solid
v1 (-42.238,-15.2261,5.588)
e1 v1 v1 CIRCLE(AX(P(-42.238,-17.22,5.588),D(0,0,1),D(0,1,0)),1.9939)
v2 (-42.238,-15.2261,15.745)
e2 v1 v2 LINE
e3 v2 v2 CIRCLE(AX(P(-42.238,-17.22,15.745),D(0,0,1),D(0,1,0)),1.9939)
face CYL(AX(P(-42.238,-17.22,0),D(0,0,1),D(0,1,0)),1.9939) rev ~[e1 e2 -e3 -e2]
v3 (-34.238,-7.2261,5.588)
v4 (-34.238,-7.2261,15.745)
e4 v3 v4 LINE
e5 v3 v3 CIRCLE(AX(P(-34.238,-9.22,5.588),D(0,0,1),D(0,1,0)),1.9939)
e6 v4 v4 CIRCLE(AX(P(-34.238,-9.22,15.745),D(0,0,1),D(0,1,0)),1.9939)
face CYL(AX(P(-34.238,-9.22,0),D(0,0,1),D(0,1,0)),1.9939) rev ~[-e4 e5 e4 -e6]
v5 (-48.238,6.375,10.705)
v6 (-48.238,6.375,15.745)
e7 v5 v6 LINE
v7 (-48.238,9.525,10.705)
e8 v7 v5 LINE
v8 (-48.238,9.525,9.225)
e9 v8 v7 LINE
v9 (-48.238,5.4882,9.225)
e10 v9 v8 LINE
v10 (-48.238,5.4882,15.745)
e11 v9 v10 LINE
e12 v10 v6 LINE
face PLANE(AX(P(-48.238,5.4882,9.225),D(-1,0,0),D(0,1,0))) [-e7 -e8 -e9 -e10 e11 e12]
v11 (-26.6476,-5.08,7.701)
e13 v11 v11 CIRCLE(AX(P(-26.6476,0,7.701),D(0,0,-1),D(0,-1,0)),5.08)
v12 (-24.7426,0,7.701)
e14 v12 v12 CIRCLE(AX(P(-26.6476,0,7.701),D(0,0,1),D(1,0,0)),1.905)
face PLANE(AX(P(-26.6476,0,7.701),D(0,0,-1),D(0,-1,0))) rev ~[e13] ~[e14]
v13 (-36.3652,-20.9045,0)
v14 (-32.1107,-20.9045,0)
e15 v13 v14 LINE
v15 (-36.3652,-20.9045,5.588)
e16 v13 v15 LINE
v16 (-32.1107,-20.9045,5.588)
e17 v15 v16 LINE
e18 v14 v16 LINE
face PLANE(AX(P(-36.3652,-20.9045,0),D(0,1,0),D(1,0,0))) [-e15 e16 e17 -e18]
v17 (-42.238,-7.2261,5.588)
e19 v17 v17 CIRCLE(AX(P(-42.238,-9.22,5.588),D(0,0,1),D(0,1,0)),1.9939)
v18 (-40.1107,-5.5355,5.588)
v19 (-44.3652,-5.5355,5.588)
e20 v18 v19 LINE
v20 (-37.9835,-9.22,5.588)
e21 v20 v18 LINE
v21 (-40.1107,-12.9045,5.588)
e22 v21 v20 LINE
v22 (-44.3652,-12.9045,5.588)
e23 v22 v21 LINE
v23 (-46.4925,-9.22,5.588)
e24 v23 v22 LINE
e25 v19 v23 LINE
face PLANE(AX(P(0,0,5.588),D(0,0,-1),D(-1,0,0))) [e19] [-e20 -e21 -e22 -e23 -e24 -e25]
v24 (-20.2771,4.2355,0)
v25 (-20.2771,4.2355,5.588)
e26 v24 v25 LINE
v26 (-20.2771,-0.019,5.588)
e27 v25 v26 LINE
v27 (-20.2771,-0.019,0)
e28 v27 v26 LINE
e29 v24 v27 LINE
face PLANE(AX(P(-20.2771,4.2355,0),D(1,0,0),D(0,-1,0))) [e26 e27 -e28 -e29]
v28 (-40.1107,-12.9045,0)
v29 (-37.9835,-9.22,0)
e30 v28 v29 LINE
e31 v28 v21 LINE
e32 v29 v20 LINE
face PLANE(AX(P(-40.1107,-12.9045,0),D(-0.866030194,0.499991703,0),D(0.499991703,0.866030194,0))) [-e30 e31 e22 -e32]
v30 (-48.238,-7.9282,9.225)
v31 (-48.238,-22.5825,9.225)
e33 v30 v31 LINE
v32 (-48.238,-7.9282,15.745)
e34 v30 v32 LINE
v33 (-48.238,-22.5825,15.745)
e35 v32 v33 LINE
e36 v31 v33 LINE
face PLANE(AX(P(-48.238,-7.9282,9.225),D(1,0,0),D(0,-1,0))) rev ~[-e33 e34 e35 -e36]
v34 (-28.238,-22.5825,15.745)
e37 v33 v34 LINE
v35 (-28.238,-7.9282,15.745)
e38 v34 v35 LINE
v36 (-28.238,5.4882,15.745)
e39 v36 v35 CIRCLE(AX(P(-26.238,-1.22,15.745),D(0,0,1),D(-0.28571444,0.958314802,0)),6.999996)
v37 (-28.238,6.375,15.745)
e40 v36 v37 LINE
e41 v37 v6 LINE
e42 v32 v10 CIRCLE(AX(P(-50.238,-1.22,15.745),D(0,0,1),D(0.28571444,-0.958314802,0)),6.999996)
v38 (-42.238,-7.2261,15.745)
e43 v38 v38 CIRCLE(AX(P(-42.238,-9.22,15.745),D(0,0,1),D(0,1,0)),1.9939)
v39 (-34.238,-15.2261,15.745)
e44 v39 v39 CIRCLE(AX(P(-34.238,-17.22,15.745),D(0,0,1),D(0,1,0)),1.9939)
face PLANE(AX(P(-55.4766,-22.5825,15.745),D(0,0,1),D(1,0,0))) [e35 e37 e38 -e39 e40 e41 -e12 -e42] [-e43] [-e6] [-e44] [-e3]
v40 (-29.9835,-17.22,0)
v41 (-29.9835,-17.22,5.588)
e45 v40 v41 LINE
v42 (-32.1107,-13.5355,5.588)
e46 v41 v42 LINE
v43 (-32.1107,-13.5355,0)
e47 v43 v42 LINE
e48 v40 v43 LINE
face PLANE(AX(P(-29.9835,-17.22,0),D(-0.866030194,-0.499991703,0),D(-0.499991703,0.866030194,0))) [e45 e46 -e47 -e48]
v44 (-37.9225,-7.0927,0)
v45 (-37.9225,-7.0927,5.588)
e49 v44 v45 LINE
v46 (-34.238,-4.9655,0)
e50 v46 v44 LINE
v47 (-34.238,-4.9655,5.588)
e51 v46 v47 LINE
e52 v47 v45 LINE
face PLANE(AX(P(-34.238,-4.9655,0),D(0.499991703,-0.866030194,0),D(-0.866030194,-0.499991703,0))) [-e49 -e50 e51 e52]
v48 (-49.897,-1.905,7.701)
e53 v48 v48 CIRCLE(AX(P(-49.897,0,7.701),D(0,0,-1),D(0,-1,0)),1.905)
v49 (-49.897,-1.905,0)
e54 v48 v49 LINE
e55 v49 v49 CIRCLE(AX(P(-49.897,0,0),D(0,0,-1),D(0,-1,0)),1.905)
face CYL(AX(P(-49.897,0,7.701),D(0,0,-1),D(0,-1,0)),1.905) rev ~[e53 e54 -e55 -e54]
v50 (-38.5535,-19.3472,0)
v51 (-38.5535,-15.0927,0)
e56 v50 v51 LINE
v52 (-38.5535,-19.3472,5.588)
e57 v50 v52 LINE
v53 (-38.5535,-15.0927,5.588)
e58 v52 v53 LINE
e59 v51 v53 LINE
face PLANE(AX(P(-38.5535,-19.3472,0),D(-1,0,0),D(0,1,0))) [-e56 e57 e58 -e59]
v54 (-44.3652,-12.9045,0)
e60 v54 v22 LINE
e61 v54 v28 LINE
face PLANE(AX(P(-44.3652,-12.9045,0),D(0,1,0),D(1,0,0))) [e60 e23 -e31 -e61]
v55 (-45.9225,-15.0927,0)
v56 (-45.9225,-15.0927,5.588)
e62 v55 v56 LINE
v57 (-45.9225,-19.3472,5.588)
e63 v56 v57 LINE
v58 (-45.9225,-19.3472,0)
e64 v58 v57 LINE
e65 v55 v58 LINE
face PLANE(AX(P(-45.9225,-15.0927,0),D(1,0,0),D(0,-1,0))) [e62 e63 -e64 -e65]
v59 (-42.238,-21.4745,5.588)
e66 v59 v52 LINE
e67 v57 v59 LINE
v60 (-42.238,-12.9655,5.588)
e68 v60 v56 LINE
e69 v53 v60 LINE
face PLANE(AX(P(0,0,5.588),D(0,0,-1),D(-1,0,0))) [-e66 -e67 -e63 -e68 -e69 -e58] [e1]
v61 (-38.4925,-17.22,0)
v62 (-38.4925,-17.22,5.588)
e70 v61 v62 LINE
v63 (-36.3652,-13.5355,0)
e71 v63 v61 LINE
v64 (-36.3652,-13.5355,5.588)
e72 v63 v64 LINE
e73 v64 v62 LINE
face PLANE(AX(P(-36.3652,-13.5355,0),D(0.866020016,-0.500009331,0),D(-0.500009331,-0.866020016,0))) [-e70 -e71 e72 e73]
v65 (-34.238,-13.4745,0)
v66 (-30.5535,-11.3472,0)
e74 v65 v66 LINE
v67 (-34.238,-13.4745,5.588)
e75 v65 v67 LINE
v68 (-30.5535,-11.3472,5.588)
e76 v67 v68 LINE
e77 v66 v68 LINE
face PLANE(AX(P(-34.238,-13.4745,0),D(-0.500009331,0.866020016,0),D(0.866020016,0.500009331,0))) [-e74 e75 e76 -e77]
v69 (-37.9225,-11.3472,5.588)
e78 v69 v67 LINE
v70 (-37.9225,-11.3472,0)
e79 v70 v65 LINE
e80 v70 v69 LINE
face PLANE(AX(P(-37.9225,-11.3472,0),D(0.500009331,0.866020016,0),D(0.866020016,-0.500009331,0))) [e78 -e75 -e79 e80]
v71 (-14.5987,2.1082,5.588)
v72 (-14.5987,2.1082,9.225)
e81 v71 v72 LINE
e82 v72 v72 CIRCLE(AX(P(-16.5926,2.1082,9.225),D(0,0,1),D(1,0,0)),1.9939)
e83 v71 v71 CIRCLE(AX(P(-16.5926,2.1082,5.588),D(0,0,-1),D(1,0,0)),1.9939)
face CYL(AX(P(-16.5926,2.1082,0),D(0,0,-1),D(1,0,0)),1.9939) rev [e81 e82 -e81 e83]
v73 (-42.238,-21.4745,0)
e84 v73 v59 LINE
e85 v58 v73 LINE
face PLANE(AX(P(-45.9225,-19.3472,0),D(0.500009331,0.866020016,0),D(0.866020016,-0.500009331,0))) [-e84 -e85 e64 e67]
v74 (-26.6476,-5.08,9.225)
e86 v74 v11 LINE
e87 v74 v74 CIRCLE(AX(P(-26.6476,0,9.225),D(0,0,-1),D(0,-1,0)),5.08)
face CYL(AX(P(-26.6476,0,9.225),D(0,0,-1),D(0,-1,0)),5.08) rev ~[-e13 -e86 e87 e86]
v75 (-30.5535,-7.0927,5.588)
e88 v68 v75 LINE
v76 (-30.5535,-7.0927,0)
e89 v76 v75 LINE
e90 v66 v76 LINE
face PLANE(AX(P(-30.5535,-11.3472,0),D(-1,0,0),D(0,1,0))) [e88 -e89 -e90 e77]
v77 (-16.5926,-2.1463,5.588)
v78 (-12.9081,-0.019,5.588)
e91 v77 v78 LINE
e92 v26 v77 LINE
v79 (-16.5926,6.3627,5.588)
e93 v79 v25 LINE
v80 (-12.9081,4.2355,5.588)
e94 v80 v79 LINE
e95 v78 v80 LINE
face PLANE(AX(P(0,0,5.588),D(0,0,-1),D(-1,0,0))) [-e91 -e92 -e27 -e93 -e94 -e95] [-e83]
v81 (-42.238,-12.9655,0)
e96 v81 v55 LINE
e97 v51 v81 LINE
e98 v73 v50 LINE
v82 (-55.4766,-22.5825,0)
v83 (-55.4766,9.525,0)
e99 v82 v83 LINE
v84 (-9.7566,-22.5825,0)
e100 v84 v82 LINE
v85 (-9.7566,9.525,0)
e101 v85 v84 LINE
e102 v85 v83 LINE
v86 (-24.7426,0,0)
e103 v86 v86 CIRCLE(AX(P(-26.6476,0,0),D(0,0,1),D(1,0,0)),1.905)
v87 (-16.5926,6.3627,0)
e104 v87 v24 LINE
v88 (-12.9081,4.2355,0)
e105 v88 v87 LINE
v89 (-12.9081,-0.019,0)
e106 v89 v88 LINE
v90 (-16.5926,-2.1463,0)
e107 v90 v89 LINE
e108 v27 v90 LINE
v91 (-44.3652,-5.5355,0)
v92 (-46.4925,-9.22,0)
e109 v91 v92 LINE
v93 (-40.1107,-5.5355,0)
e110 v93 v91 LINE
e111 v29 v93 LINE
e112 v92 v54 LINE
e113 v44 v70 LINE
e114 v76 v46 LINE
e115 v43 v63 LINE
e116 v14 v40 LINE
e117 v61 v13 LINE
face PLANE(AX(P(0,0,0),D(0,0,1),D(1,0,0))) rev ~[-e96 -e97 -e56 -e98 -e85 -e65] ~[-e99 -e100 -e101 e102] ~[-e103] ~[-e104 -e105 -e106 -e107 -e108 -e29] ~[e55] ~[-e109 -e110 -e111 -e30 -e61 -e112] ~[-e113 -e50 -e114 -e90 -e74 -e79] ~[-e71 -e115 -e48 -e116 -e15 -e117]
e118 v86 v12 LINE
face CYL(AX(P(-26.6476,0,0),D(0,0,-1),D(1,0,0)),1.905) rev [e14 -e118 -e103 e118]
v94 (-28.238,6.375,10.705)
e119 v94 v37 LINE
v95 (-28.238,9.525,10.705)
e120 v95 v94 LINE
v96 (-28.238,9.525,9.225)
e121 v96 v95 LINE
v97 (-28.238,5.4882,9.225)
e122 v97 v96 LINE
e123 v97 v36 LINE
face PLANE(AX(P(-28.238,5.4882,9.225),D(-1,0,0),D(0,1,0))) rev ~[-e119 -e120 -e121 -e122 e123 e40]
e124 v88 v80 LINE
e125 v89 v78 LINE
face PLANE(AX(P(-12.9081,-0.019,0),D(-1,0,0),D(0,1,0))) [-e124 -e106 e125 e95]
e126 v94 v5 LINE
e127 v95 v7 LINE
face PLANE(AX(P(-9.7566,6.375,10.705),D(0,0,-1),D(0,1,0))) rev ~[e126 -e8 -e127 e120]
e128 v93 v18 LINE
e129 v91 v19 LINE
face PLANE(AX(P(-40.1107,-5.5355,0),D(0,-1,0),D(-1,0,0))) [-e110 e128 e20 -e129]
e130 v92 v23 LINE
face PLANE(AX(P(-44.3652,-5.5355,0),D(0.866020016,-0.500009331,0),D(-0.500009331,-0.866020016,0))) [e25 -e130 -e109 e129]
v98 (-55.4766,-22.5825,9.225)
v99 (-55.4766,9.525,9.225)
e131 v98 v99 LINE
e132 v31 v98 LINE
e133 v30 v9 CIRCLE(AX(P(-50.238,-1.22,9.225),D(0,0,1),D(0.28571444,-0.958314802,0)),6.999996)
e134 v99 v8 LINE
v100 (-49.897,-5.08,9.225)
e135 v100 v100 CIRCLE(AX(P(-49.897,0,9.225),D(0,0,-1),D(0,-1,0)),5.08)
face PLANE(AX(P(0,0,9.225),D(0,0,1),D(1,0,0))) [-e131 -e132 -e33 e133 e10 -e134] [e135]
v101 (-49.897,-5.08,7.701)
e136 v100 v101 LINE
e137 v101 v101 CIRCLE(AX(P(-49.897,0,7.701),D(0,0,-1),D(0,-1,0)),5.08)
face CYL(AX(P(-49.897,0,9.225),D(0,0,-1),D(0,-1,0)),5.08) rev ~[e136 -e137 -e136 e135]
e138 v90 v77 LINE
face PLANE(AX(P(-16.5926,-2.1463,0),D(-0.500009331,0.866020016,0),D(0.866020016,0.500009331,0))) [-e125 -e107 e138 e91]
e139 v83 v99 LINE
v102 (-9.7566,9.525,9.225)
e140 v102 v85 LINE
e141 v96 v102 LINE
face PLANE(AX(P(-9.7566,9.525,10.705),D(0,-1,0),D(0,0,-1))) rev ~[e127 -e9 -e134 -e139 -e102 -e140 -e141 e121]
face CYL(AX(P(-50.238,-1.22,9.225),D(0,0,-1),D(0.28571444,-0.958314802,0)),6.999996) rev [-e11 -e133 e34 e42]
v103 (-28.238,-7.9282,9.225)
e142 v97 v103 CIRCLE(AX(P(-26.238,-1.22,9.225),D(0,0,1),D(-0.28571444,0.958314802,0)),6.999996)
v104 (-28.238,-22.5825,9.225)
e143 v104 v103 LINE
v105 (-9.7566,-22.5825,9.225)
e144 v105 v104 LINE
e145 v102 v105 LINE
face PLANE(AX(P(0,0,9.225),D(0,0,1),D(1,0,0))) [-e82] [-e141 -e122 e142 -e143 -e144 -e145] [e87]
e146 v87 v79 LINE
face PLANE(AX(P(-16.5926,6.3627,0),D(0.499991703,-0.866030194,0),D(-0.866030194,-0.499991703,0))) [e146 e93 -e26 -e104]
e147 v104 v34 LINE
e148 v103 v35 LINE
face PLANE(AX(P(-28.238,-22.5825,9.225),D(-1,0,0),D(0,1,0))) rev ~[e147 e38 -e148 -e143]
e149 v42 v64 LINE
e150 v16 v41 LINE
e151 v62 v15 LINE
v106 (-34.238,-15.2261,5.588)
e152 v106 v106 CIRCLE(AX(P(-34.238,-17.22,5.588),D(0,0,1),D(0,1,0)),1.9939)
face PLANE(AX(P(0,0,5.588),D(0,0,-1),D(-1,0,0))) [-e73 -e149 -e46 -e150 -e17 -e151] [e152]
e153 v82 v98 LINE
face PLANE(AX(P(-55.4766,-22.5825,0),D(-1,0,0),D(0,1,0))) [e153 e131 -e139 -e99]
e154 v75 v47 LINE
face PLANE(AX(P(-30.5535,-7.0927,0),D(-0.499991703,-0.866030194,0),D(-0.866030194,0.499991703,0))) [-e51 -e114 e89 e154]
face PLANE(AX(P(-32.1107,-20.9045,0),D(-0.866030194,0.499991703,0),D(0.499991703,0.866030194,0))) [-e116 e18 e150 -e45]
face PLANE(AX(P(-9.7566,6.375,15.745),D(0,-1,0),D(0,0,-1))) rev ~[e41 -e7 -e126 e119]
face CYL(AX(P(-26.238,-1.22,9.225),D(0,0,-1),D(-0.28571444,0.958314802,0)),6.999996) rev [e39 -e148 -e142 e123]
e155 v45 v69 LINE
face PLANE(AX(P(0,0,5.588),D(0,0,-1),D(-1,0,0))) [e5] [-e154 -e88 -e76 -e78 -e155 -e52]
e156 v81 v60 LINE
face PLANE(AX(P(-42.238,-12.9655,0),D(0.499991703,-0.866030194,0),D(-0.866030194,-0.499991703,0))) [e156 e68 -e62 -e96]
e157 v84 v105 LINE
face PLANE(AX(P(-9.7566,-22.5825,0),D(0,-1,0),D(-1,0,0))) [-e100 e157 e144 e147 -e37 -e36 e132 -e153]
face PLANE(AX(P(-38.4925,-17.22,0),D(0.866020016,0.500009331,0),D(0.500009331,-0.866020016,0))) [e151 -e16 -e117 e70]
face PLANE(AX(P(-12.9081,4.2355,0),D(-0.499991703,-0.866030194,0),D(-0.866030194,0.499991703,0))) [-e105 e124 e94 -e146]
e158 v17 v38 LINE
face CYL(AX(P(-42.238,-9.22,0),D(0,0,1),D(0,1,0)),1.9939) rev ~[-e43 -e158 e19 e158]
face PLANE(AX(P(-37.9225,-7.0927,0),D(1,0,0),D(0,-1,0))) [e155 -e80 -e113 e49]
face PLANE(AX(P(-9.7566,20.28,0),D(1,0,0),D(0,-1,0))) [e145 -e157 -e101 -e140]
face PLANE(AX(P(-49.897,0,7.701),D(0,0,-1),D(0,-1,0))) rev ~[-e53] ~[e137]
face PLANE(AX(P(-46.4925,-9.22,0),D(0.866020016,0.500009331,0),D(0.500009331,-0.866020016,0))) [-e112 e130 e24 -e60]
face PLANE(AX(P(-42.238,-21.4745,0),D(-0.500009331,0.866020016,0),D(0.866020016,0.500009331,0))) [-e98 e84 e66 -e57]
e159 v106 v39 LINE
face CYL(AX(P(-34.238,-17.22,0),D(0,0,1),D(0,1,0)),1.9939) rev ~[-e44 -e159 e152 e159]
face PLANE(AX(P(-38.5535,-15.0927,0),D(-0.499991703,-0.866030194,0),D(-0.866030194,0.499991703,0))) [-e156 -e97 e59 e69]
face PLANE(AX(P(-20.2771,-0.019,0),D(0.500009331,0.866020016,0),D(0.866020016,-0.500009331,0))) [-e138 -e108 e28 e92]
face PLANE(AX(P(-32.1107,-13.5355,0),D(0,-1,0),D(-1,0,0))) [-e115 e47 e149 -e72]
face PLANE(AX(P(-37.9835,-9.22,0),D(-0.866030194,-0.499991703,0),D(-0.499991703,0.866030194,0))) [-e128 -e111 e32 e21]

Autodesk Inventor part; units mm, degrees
ref_plane "Work Plane5" through (0, 0, 0) normal (0, 0, 1) x (1, 0, 0)
sketch "Sketch1" plane through (0, 0, 0) normal (0, 0, 1) x (1, 0, 0)
  line L0 (-46.1271, -22.5825) -> (-26.1271, -22.5825) construction
  line L1 (-9.7566, 12.6962) -> (-9.7566, -12.6962) construction
  line L2 (-26.1271, 20.28) -> (-46.1271, 20.28) construction
  circle A0 centre (-49.897, 0) radius 1.778
  arc A1 (-26.7903, 1.7468) -> (-25.506, 1.3298) centre (-26.6476, 0) ccw construction
  circle A2 centre (-49.897, 0) radius 1.905
  circle A3 centre (-26.6476, 0) radius 1.905
  line L3 (-52.9366, 6.2882) -> (-52.9366, -15.9368)
  line L4 (-55.4766, 6.2882) -> (-55.4766, -15.9368) construction
  line L5 (-9.7566, -22.5825) -> (-55.4766, -22.5825)
  line L6 (-55.4766, -22.5825) -> (-55.4766, 20.28)
  line L7 (-55.4766, 20.28) -> (-9.7566, 20.28)
  line L8 (-9.7566, 20.28) -> (-9.7566, -22.5825)
  circle A4 centre (-16.5926, 2.1082) radius 2.15 construction
  circle A5 centre (-16.5926, 2.1082) radius 1.9939
  point P0 (0, 0)
  dimension "d0" = 3.81
  dimension "d1" = 3.81
  dimension "d2" = 2.54
  dimension "d3" = 3.9878
ref_plane "Work Plane2" through (-20.9694, -2.2685, 9.225) normal (0, 0, -1) x (0.1078, 0.9942, 0)
extrude "Extrusion1" add sketch "Sketch1" along normal up to surface (9.225 mm away) contours A2 | L5 L6 L7 L8
ref_plane "Work Plane3" through (-49.3551, -24.0887, 15.745) normal (0, 0, -1) x (0, 1, 0)
ref_plane "Work Plane7" through (-55.4766, -22.5825, 9.225) normal (0, 0, 1) x (1, 0, 0)
sketch "Sketch3" plane through (-55.4766, -22.5825, 9.225) normal (0, 0, 1) x (1, 0, 0)
  line L0 (27.2386, 42.8625) -> (7.2386, 42.8625) projected
  arc A0 (27.2386, 28.0707) -> (27.2386, 14.6543) centre (29.2386, 21.3625) ccw projected
  line L1 (27.2386, 0) -> (27.2386, 14.6543) projected
  line L2 (7.2386, 14.6543) -> (7.2386, 0) projected
  line L3 (7.2386, 0) -> (27.2386, 0) projected
  arc A1 (7.2386, 14.6543) -> (7.2386, 28.0707) centre (5.2386, 21.3625) ccw projected
  line L4 (7.2386, 28.0707) -> (7.2386, 42.8625)
  line L5 (0, 42.8625) -> (45.72, 42.8625) projected
  line L6 (27.2386, 28.0707) -> (27.2386, 42.8625)
  point P0 (55.4766, 22.5825)
ref_plane "Work Plane4" through (-51.466, -24.0887, 15.745) normal (0, 0, -1) x (0, 1, 0)
extrude "Extrusion3" add sketch "Sketch3" along normal up to surface (6.52 mm away)
ref_plane "Work Plane9" through (-55.4766, -22.5825, 9.225) normal (0, 0, 1) x (1, 0, 0)
sketch "Sketch4" plane through (-55.4766, -22.5825, 9.225) normal (0, 0, 1) x (1, 0, 0)
  circle A0 centre (5.5796, 22.5825) radius 1.778 projected
  circle A1 centre (5.5796, 22.5825) radius 1.905
  line L0 (7.2386, 28.0707) -> (7.2386, 42.8625) projected
  line L1 (7.2386, 42.8625) -> (0, 42.8625) projected
  line L2 (0, 42.8625) -> (0, 0) projected
  line L3 (0, 0) -> (7.2386, 0) projected
  line L4 (7.2386, 0) -> (7.2386, 14.6543) projected
  arc A2 (7.2386, 14.6543) -> (7.2386, 28.0707) centre (5.2386, 21.3625) ccw projected
  circle A3 centre (5.5796, 22.5825) radius 1.778 projected
  circle A4 centre (28.829, 22.5825) radius 1.9812 projected
  point P0 (55.4766, 22.5825)
  dimension "d18" = 3.81
hole "Hole1" at (-49.897, 0, 9.225) at (-26.6476, 0, 9.225) direction (0, 0, -1) diameter 3.81 end through all counterbore diameter 10.16 counterbore depth 1.524
ref_plane "Work Plane8" through (-9.7566, -22.5825, 0) normal (1, 0, 0) x (0, 0, -1)
sketch "Sketch6" plane through (-9.7566, -22.5825, 0) normal (1, 0, 0) x (0, 0, -1)
  line L0 (-11.975, 30.2275) -> (-14.475, 30.2275) construction
  line L1 (-11.975, 39.7275) -> (-11.975, 30.2275) construction
  line L2 (31.025, 39.7275) -> (-11.975, 39.7275) construction
  line L3 (31.025, 38.4575) -> (-10.705, 38.4575) construction
  line L4 (-10.705, 32.1075) -> (-10.705, 28.9575) construction
  line L5 (-10.705, 28.9575) -> (-14.475, 28.9575) construction
  line L6 (-10.705, 28.9575) -> (-10.705, 32.1075)
  line L7 (0, 42.8625) -> (0, 0) projected
  line L8 (0, 32.1075) -> (0, 42.8625)
  line L9 (0, 42.8625) -> (-15.745, 42.8625)
  line L10 (-15.745, 42.8625) -> (-15.745, 28.9575)
  line L11 (-15.745, 28.9575) -> (-10.705, 28.9575)
  line L12 (3.1182, 32.1075) -> (5.3958, 32.1075) construction
  line L13 (-10.705, 32.1075) -> (0, 32.1075)
  point P0 (0, 22.5825)
  point P1 (0, 38.4575)
  dimension "d28" = 1.27
extrude "Extrusion4" cut sketch "Sketch6" against normal through all
sketch "Sketch7" plane through (-48.238, -22.5825, 15.745) normal (0, 0, 1) x (1, 0, 0)
  circle A0 centre (6, 5.3625) radius 2 construction
  circle A1 centre (14, 5.3625) radius 2 construction
  arc A2 (7.4142, 14.7767) -> (4.5858, 11.9483) centre (6, 13.3625) ccw construction
  arc A3 (15.4142, 11.9483) -> (12.5858, 14.7767) centre (14, 13.3625) ccw construction
  point P0 (48.238, 22.5825)
sketch "Sketch9" plane through (0, 0, 0) normal (0, 0, -1) x (-1, 0, 0)
  arc A0 (43.6522, -10.6342) -> (40.8238, -7.8058) centre (42.238, -9.22) ccw construction
  arc A1 (35.6522, -7.8058) -> (32.8238, -10.6342) centre (34.238, -9.22) ccw construction
  circle A2 centre (42.238, -17.22) radius 2 construction
  circle A3 centre (34.238, -17.22) radius 2 construction
  point P0 (0, 0)
hole "Hole2" at (-34.238, -9.22, 0) at (-42.238, -9.22, 0) at (-42.238, -17.22, 0) at (-34.238, -17.22, 0) direction (0, 0, 1) diameter 3.9878 end through all
ref_plane "Work Plane6" through (0, 0, 0) normal (0, 0, -1) x (-1, 0, 0)
sketch "Sketch10" plane through (0, 0, 0) normal (0, 0, -1) x (-1, 0, 0)
  circle A0 centre (34.238, -9.22) radius 1.9939 construction
  circle A1 centre (42.238, -9.22) radius 1.9939 construction
  circle A2 centre (42.238, -17.22) radius 1.9939 construction
  circle A3 centre (34.238, -17.22) radius 1.9939 construction
  circle A4 centre (34.238, -9.22) radius 4.2545 construction
  circle A5 centre (42.238, -9.22) radius 4.2545 construction
  line L0 (34.238, -13.4745) -> (30.5535, -11.3472)
  line L1 (30.5535, -11.3472) -> (30.5535, -7.0927)
  line L2 (30.5535, -7.0927) -> (34.238, -4.9655)
  line L3 (34.238, -4.9655) -> (37.9225, -7.0927)
  line L4 (37.9225, -7.0927) -> (37.9225, -11.3472)
  line L5 (37.9225, -11.3472) -> (34.238, -13.4745)
  circle A6 centre (34.238, -17.22) radius 4.2545 construction
  circle A7 centre (42.238, -17.22) radius 4.2545 construction
  line L6 (38.4925, -17.22) -> (36.3652, -20.9045)
  line L7 (36.3652, -20.9045) -> (32.1107, -20.9045)
  line L8 (32.1107, -20.9045) -> (29.9835, -17.22)
  line L9 (29.9835, -17.22) -> (32.1107, -13.5355)
  line L10 (32.1107, -13.5355) -> (36.3652, -13.5355)
  line L11 (36.3652, -13.5355) -> (38.4925, -17.22)
  line L12 (42.238, -21.4745) -> (38.5535, -19.3472)
  line L13 (38.5535, -19.3472) -> (38.5535, -15.0927)
  line L14 (38.5535, -15.0927) -> (42.238, -12.9655)
  line L15 (42.238, -12.9655) -> (45.9225, -15.0927)
  line L16 (45.9225, -15.0927) -> (45.9225, -19.3472)
  line L17 (45.9225, -19.3472) -> (42.238, -21.4745)
  line L18 (46.4925, -9.22) -> (44.3652, -12.9045)
  line L19 (44.3652, -12.9045) -> (40.1107, -12.9045)
  line L20 (40.1107, -12.9045) -> (37.9835, -9.22)
  line L21 (37.9835, -9.22) -> (40.1107, -5.5355)
  line L22 (40.1107, -5.5355) -> (44.3652, -5.5355)
  line L23 (44.3652, -5.5355) -> (46.4925, -9.22)
  circle A8 centre (16.5926, 2.1082) radius 1.9939 construction
  circle A9 centre (16.5926, 2.1082) radius 4.2545 construction
  line L24 (16.5926, -2.1463) -> (12.9081, -0.019)
  line L25 (12.9081, -0.019) -> (12.9081, 4.2355)
  line L26 (12.9081, 4.2355) -> (16.5926, 6.3627)
  line L27 (16.5926, 6.3627) -> (20.2771, 4.2355)
  line L28 (20.2771, 4.2355) -> (20.2771, -0.019)
  line L29 (20.2771, -0.019) -> (16.5926, -2.1463)
  point P0 (0, 0)
  point P1 (42.238, -13.4745)
  dimension "d38" = 8.509
  dimension "d44" = 8.509
  dimension "d45" = 8.509
  dimension "d48" = 8.509
  dimension "d39" = 8.509
extrude "Extrusion6" cut sketch "Sketch10" against normal blind 5.588 contours L0 L1 L2 L3 L4 L5 | L6 L7 L8 L9 L10 L11 | L12 L13 L14 L15 L16 L17 | L18 L19 L20 L21 L22 L23
extrude "Extrusion7" cut sketch "Sketch10" against normal blind 5.588 contours L24 L25 L26 L27 L28 L29
properties part number "CollectorArmRollerSupportRight"
